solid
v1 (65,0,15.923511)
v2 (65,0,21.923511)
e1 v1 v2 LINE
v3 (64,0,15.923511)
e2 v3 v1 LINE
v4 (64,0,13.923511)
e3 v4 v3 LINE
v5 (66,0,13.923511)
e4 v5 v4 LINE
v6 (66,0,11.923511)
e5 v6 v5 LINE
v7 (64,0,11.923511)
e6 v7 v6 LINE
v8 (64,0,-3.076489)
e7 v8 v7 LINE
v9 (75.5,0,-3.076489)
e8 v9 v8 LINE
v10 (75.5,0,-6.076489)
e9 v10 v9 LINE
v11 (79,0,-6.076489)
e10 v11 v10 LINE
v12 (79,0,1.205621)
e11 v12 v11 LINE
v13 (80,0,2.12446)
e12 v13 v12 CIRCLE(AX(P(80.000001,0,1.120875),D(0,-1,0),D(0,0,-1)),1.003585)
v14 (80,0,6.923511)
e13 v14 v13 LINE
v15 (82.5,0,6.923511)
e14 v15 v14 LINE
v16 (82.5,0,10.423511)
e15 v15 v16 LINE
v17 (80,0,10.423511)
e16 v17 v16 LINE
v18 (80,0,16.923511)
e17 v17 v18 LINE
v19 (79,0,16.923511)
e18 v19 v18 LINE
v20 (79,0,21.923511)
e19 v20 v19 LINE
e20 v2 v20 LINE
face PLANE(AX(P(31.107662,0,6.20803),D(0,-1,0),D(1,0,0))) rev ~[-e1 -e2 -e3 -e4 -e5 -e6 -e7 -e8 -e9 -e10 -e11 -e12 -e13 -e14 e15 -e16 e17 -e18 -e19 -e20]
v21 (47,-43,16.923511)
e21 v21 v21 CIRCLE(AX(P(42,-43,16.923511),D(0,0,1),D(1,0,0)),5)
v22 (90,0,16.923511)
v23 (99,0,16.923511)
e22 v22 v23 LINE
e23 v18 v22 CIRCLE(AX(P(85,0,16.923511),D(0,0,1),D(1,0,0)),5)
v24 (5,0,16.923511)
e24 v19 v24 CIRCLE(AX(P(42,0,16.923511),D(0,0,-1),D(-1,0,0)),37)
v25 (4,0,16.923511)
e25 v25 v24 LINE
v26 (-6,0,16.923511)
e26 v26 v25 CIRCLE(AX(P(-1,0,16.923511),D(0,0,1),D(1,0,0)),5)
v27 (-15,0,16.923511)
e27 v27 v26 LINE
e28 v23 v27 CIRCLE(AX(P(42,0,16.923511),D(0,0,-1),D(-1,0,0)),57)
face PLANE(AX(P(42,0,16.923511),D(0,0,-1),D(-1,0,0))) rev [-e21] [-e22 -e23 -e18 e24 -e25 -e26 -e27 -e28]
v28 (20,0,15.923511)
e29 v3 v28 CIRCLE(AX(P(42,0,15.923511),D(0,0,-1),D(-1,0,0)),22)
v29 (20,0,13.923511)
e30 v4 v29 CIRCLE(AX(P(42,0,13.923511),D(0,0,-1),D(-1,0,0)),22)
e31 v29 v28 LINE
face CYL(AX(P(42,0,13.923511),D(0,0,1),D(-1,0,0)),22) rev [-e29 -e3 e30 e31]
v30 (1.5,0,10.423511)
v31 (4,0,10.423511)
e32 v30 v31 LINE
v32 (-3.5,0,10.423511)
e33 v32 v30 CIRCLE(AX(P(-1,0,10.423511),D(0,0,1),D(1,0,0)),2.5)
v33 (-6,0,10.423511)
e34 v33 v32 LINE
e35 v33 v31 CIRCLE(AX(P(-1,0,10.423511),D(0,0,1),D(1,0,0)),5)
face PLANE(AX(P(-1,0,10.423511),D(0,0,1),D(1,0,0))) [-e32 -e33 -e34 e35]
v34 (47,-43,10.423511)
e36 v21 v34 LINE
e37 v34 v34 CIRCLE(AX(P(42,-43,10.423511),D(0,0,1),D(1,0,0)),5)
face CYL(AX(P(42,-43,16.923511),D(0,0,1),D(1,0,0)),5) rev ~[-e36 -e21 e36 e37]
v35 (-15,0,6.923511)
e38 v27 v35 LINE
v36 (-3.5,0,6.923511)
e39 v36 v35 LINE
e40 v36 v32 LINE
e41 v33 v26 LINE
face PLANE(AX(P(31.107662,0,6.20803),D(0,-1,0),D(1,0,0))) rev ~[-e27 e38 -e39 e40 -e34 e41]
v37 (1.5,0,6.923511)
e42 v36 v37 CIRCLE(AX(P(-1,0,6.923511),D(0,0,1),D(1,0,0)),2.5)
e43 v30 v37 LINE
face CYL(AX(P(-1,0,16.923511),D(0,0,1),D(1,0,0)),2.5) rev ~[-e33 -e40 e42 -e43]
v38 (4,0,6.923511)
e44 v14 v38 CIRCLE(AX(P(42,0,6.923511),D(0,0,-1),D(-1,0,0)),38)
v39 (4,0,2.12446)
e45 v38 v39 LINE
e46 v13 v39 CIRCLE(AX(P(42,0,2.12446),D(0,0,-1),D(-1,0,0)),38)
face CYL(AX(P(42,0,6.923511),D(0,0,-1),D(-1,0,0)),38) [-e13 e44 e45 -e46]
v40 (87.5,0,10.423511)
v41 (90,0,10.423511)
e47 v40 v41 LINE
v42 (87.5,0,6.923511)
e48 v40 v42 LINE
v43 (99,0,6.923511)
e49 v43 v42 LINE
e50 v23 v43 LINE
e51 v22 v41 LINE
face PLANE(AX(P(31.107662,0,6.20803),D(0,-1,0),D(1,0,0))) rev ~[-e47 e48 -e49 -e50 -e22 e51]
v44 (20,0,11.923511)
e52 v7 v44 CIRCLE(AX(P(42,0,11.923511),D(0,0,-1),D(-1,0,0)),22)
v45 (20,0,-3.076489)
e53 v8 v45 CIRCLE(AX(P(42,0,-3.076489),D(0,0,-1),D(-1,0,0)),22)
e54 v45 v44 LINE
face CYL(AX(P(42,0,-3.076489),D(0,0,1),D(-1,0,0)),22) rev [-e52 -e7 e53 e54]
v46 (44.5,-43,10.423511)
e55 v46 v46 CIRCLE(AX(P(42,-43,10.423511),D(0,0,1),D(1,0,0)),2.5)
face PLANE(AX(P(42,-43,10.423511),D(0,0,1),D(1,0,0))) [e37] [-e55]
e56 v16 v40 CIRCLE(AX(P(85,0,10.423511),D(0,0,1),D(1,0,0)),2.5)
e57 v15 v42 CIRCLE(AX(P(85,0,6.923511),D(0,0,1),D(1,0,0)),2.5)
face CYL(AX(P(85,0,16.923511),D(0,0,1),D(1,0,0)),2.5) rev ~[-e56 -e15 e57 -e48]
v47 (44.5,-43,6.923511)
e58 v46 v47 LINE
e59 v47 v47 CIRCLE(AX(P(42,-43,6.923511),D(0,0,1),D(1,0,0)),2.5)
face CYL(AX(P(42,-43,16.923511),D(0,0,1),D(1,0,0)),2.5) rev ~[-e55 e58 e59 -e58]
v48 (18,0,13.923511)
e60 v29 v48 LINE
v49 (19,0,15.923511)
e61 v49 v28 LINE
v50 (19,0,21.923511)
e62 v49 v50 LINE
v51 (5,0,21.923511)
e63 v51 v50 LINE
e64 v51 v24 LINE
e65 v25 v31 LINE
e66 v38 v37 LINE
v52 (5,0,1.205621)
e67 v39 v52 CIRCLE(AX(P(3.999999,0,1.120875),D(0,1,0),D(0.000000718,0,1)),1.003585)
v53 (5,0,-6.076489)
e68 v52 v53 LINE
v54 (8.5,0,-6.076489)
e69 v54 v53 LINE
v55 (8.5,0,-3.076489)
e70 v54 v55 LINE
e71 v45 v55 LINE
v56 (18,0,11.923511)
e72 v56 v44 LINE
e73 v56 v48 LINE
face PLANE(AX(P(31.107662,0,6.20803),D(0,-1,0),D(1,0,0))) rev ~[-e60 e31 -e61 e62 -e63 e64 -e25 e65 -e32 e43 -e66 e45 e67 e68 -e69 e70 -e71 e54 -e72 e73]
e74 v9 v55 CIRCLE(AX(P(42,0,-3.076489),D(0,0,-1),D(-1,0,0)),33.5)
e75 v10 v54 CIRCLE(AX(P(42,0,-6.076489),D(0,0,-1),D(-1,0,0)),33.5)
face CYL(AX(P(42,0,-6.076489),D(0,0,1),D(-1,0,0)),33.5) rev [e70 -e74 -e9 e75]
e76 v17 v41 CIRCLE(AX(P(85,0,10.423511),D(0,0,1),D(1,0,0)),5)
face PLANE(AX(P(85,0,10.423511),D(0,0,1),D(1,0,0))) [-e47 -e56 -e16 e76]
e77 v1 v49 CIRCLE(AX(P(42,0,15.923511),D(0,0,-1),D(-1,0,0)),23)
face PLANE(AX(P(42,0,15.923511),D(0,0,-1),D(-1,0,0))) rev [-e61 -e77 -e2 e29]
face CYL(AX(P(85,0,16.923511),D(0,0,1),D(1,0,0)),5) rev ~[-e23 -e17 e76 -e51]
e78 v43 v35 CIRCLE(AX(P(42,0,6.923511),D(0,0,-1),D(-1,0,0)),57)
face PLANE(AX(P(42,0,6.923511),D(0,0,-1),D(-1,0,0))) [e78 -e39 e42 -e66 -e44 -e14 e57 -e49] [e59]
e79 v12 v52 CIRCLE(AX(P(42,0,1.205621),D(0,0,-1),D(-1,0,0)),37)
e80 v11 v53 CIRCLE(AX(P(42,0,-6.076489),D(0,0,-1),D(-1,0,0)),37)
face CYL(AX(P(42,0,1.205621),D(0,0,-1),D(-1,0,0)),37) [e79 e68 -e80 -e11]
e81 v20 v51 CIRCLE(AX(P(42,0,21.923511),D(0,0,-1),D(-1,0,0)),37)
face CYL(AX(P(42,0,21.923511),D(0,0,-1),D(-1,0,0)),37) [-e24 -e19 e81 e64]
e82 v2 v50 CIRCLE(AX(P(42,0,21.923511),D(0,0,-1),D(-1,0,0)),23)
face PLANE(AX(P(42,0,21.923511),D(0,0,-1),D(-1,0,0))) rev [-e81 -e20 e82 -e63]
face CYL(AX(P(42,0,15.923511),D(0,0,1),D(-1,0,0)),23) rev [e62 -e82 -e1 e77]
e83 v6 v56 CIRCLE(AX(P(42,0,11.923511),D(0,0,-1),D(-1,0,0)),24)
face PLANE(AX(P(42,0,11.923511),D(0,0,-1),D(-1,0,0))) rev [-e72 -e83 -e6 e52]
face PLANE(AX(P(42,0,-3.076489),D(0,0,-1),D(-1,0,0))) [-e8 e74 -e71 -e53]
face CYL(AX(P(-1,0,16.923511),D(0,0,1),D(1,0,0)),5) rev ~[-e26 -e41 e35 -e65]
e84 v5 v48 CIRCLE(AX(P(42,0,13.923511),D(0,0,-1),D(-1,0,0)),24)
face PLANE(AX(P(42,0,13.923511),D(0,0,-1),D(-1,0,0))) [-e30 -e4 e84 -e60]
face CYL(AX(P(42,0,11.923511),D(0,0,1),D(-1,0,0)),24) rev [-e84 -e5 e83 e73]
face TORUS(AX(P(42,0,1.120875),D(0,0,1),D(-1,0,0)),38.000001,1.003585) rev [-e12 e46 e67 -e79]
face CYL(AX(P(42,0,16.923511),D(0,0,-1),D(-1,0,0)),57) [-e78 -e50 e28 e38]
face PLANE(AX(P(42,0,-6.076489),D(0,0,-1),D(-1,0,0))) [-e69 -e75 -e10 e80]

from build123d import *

# Parameters (mm, degrees)
F2_R     = 2.5
F3_DEPTH = 23.001
F4_R     = 5
F4_R_2   = 2.5
F5_DEPTH = 6.5
F6_W     = 137.496356
F6_H     = 90.131391
F7_DEPTH = 57.001


with BuildPart() as f1:
    # F0 (on Front) → F1 (revolve)
    with BuildSketch(Plane.XZ):
        with BuildLine():
            Line((19, 21.923511), (5, 21.923511))
            Line((5, 21.923511), (5, 16.923511))
            Line((5, 16.923511), (-15, 16.923511))
            Line((-15, 16.923511), (-15, 6.923511))
            Line((-15, 6.923511), (4, 6.923511))
            Line((4, 6.923511), (4, 2.12446))
            ThreePointArc((4, 2.12446), (4.679018, 1.859872), (5, 1.205621))
            Line((5, 1.205621), (5, -6.076489))
            Line((5, -6.076489), (8.5, -6.076489))
            Line((8.5, -6.076489), (8.5, -3.076489))
            Line((8.5, -3.076489), (20, -3.076489))
            Line((20, -3.076489), (20, 11.923511))
            Line((20, 11.923511), (18, 11.923511))
            Line((18, 11.923511), (18, 13.923511))
            Line((18, 13.923511), (20, 13.923511))
            Line((20, 13.923511), (20, 15.923511))
            Line((20, 15.923511), (19, 15.923511))
            Line((19, 15.923511), (19, 21.923511))
        make_face()
    revolve(axis=Axis((42, 0, 16.450874), (0, 0, -1)))

    # F2 (on face) → F3 (cut, through all)
    with BuildSketch(Plane.XY.offset(16.923511)):
        with Locations((-1, 0)):
            Circle(F2_R)
        with Locations((85, 0)):
            Circle(F2_R)
        with Locations((42, 43)):
            Circle(F2_R)
        with Locations((42, -43)):
            Circle(F2_R)
    extrude(amount=-F3_DEPTH, mode=Mode.SUBTRACT)

    # F4 (on face) → F5 (cut)
    with BuildSketch(Plane.XY.offset(16.923511)):
        with Locations((-1, 0)):
            Circle(F4_R)
        with Locations((-1, 0)):
            Circle(F4_R_2, mode=Mode.SUBTRACT)
        with Locations((42, 43)):
            Circle(F4_R)
        with Locations((42, 43)):
            Circle(F4_R_2, mode=Mode.SUBTRACT)
        with Locations((85, 0)):
            Circle(F4_R)
        with Locations((85, 0)):
            Circle(F4_R_2, mode=Mode.SUBTRACT)
        with Locations((42, -43)):
            Circle(F4_R)
        with Locations((42, -43)):
            Circle(F4_R_2, mode=Mode.SUBTRACT)
    extrude(amount=-F5_DEPTH, mode=Mode.SUBTRACT)

    # F6 (on Front) → F7 (cut, through all)
    with BuildSketch(Plane.XZ):
        with Locations((31.107662, 6.20803)):
            Rectangle(F6_W, F6_H)
    extrude(amount=-F7_DEPTH, mode=Mode.SUBTRACT)


solid = f1.part
